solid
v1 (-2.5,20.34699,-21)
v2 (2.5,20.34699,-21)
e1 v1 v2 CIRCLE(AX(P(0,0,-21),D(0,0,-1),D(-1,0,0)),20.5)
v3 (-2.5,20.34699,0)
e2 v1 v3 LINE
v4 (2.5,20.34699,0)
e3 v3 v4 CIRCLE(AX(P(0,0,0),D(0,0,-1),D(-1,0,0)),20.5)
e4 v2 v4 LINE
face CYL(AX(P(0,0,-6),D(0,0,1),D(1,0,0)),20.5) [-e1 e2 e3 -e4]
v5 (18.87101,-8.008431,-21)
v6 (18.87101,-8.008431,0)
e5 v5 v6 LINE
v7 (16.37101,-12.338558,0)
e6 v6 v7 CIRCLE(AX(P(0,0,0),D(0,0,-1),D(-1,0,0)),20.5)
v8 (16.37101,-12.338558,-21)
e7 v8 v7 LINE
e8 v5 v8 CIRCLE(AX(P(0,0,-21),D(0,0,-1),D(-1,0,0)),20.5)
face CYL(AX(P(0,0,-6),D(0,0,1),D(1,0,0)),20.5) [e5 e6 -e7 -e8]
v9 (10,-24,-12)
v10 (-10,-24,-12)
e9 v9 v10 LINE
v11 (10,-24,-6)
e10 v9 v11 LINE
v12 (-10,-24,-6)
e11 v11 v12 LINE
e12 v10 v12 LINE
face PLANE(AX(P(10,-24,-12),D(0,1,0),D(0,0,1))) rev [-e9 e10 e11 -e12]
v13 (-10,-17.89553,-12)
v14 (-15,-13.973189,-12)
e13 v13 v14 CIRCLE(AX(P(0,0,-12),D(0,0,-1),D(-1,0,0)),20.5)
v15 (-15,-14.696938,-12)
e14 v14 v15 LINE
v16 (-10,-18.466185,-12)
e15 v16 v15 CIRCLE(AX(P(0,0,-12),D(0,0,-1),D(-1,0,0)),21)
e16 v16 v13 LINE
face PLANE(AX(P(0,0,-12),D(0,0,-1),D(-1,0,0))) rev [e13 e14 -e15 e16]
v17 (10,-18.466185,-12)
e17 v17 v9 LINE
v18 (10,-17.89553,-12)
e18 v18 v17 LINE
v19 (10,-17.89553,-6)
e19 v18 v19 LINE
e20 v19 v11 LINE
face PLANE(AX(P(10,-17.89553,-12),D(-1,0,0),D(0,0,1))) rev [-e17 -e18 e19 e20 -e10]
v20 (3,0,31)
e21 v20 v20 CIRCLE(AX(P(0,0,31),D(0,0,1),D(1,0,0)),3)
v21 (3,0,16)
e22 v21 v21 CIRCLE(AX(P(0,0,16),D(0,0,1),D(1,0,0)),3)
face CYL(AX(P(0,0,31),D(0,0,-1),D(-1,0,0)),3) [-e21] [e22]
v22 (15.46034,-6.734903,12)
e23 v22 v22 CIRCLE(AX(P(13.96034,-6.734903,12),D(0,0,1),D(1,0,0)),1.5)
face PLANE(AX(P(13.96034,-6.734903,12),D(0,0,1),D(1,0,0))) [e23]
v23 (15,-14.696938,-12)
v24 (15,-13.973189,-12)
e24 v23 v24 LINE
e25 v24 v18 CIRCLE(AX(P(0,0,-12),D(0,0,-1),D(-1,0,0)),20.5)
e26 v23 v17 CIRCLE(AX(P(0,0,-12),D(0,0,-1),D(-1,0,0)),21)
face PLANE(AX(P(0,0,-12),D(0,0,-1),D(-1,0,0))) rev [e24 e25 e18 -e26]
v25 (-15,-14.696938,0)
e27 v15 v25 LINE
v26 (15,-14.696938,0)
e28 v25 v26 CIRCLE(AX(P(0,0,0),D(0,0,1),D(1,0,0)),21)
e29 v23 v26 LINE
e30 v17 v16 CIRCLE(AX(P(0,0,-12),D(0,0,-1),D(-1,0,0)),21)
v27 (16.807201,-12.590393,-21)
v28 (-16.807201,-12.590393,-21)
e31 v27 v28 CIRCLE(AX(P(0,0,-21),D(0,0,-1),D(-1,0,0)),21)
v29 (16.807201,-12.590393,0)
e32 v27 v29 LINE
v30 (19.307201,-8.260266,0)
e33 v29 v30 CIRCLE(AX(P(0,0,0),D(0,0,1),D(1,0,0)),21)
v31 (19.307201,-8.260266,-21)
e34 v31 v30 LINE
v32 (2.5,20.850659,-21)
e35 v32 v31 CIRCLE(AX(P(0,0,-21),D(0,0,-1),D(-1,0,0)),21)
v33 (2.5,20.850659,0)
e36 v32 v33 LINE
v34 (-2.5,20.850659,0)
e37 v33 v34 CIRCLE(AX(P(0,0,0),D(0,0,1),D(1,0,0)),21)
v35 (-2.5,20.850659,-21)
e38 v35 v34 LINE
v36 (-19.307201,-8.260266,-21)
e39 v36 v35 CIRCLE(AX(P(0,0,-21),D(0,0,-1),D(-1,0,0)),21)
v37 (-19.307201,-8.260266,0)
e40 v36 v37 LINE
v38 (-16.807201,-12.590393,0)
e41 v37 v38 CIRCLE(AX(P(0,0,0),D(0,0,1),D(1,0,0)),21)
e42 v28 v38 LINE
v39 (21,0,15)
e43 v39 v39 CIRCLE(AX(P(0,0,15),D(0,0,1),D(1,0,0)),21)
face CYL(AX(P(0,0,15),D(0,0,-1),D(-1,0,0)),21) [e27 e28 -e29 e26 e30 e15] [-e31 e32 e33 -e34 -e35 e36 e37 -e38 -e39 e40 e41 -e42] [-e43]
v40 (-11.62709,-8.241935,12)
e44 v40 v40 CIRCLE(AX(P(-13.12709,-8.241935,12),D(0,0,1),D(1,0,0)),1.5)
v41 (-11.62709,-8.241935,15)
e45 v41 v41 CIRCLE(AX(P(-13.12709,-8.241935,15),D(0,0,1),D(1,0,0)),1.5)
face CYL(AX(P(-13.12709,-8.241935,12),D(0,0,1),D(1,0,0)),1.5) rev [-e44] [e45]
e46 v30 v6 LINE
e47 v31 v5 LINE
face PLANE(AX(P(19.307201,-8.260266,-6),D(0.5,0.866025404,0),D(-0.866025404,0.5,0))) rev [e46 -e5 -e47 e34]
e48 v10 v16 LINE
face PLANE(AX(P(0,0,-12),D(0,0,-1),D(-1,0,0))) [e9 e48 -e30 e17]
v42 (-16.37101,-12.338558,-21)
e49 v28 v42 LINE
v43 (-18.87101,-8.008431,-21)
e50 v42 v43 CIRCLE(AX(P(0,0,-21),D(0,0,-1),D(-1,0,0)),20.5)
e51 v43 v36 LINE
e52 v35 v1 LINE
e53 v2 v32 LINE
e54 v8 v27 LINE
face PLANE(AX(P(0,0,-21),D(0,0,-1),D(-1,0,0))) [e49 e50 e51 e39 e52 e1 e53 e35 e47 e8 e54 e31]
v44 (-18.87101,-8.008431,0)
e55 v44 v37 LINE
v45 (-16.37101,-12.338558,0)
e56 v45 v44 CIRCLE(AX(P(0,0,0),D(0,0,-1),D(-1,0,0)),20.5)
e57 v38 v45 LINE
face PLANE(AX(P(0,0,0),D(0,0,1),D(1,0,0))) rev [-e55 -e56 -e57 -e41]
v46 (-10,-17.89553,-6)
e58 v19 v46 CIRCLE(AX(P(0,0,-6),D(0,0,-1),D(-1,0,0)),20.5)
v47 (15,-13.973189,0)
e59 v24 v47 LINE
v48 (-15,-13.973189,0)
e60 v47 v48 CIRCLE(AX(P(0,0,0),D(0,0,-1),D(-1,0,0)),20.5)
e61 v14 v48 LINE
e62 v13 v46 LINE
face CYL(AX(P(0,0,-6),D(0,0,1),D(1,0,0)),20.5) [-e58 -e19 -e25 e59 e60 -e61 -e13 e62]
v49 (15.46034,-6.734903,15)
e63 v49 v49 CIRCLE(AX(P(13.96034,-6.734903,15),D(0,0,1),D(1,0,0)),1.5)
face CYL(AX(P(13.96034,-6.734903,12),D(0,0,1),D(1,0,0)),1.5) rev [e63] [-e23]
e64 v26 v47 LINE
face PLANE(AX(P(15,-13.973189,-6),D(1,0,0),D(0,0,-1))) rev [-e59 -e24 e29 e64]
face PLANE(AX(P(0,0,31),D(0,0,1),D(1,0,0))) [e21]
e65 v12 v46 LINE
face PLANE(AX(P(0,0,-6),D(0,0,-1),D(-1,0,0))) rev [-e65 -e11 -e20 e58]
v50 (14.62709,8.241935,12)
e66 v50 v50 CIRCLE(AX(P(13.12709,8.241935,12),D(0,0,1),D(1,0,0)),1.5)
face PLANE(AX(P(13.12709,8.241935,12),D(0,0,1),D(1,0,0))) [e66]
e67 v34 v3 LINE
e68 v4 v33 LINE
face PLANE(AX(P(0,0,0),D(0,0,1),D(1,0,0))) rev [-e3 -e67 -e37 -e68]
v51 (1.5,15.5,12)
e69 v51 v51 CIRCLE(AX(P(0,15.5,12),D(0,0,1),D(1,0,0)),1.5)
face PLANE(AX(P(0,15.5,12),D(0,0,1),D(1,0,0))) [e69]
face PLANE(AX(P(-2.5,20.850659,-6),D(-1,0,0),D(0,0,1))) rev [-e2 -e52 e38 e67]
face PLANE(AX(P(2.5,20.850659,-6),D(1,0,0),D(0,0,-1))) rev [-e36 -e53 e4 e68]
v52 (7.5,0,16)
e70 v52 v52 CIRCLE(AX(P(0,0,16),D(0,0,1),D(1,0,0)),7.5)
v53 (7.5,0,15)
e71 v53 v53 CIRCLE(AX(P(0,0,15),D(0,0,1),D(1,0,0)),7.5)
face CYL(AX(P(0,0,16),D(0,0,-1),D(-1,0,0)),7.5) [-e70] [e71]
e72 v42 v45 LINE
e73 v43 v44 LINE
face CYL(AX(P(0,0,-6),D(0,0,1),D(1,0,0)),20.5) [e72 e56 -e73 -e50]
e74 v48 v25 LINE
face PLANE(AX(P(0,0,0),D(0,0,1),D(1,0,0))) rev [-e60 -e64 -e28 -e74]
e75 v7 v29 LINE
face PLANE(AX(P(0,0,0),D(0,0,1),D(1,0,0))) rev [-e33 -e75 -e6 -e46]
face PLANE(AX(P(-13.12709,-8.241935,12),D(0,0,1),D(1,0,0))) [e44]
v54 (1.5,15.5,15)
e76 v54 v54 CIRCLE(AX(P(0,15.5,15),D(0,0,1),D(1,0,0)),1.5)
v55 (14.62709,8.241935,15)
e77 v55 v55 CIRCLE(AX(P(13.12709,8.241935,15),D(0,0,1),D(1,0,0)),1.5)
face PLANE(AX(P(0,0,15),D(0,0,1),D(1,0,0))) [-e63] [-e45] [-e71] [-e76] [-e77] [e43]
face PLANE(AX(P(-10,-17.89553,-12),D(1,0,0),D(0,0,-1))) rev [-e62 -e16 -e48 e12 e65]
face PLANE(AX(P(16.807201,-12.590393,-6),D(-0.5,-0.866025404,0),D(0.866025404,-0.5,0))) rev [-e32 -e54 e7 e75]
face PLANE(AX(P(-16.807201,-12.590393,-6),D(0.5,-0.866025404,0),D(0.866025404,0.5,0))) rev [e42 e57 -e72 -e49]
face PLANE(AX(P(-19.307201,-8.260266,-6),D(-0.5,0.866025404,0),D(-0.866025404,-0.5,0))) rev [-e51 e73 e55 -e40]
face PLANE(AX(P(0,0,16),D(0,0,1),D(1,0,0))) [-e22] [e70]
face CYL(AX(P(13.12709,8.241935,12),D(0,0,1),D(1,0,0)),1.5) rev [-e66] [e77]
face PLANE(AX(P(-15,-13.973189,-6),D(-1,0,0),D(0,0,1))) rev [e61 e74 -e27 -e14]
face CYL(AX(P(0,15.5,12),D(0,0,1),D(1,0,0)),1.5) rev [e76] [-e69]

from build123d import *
from build123d.topology import SkipClean

# Parameters (mm, degrees)
SKETCH_1_R          = 21
EXTRUDE_1_DEPTH     = 15
EXTRUDE_START       = 6
EXTRUDE_2_DEPTH     = 6
EXTRUDE_3_DEPTH     = 6
EXTRUDE_START_2     = 9
EXTRUDE_4_DEPTH     = 9
SKETCH_6_R          = 7.5
EXTRUDE_5_DEPTH     = 1
SKETCH_7_R          = 3
EXTRUDE_6_DEPTH     = 15
SKETCH_8_R          = 1.5
CUT_EXTRUDE_1_DEPTH = 3


with BuildPart() as part:
    # 草图1 → 凸台-拉伸1 (new body)
    with BuildSketch(Plane.XY):
        Circle(SKETCH_1_R)
    extrude(amount=EXTRUDE_1_DEPTH)

    # 草图2 → 凸台-拉伸2 (add)
    with SkipClean():  # the faces are left unmerged after this step: merging them gives an invalid solid
        with BuildSketch(Plane(origin=(0, 0, 0), x_dir=(-1, 0, 0), z_dir=(0, 0, -1)).offset(EXTRUDE_START)):
            with BuildLine():
                Line((2.5, 20.850659462), (2.5, 20.346989949))
                ThreePointArc((2.5, 20.346989949), (0, 20.5), (-2.5, 20.346989949))
                Line((-2.5, 20.346989949), (-2.5, 20.850659462))
                ThreePointArc((-2.5, 20.850659462), (-18.186533479, 10.5), (-19.30720078, -8.260266222))
                Line((-19.30720078, -8.260266222), (-18.871010187, -8.008431465))
                ThreePointArc((-18.871010187, -8.008431465), (-17.753520778, -10.25), (-16.371010187, -12.338558484))
                Line((-16.371010187, -12.338558484), (-16.80720078, -12.59039324))
                ThreePointArc((-16.80720078, -12.59039324), (-15.938440593, -13.673555187), (-15, -14.696938457))
                Line((-15, -14.696938457), (-15, -13.973188612))
                ThreePointArc((-15, -13.973188612), (0, -20.5), (15, -13.973188612))
                Line((15, -13.973188612), (15, -14.696938457))
                ThreePointArc((15, -14.696938457), (15.938440593, -13.673555187), (16.80720078, -12.59039324))
                Line((16.80720078, -12.59039324), (16.371010187, -12.338558484))
                ThreePointArc((16.371010187, -12.338558484), (17.753520778, -10.25), (18.871010187, -8.008431465))
                Line((18.871010187, -8.008431465), (19.30720078, -8.260266222))
                ThreePointArc((19.30720078, -8.260266222), (18.186533479, 10.5), (2.5, 20.850659462))
            make_face()
        extrude(amount=-EXTRUDE_2_DEPTH)

    # 草图4 → 凸台-拉伸3 (add)
    with SkipClean():  # the faces are left unmerged after this step: merging them gives an invalid solid
        with BuildSketch(Plane(origin=(0, 0, -6), x_dir=(-1, 0, 0), z_dir=(0, 0, -1)).offset(EXTRUDE_START)):
            with BuildLine():
                Line((10, -17.895530168), (10, -24))
                Line((10, -24), (-10, -24))
                Line((-10, -24), (-10, -17.895530168))
                ThreePointArc((-10, -17.895530168), (-12.652912345, -16.129284212), (-15, -13.973188612))
                Line((-15, -13.973188612), (-15, -14.696938457))
                ThreePointArc((-15, -14.696938457), (-15.938440593, -13.673555187), (-16.80720078, -12.59039324))
                Line((-16.80720078, -12.59039324), (-16.371010187, -12.338558484))
                ThreePointArc((-16.371010187, -12.338558484), (-17.753520778, -10.25), (-18.871010187, -8.008431465))
                Line((-18.871010187, -8.008431465), (-19.30720078, -8.260266222))
                ThreePointArc((-19.30720078, -8.260266222), (-18.186533479, 10.5), (-2.5, 20.850659462))
                Line((-2.5, 20.850659462), (-2.5, 20.346989949))
                ThreePointArc((-2.5, 20.346989949), (0, 20.5), (2.5, 20.346989949))
                Line((2.5, 20.346989949), (2.5, 20.850659462))
                ThreePointArc((2.5, 20.850659462), (18.186533479, 10.5), (19.30720078, -8.260266222))
                Line((19.30720078, -8.260266222), (18.871010187, -8.008431465))
                ThreePointArc((18.871010187, -8.008431465), (17.753520778, -10.25), (16.371010187, -12.338558484))
                Line((16.371010187, -12.338558484), (16.80720078, -12.59039324))
                ThreePointArc((16.80720078, -12.59039324), (15.938440593, -13.673555187), (15, -14.696938457))
                Line((15, -14.696938457), (15, -13.973188612))
                ThreePointArc((15, -13.973188612), (12.652912345, -16.129284212), (10, -17.895530168))
            make_face()
        extrude(amount=-EXTRUDE_3_DEPTH)

    # 草图5 → 凸台-拉伸4 (add)
    with SkipClean():  # the faces are left unmerged after this step: merging them gives an invalid solid
        with BuildSketch(Plane(origin=(0, 0, -12), x_dir=(-1, 0, 0), z_dir=(0, 0, -1)).offset(EXTRUDE_START_2)):
            with BuildLine():
                Line((18.871010187, -8.008431465), (19.30720078, -8.260266222))
                ThreePointArc((19.30720078, -8.260266222), (18.186533479, 10.5), (2.5, 20.850659462))
                Line((2.5, 20.850659462), (2.5, 20.346989949))
                ThreePointArc((2.5, 20.346989949), (0, 20.5), (-2.5, 20.346989949))
                Line((-2.5, 20.346989949), (-2.5, 20.850659462))
                ThreePointArc((-2.5, 20.850659462), (-18.186533479, 10.5), (-19.30720078, -8.260266222))
                Line((-19.30720078, -8.260266222), (-18.871010187, -8.008431465))
                ThreePointArc((-18.871010187, -8.008431465), (-17.753520778, -10.25), (-16.371010187, -12.338558484))
                Line((-16.371010187, -12.338558484), (-16.80720078, -12.59039324))
                ThreePointArc((-16.80720078, -12.59039324), (-15.938440593, -13.673555187), (-15, -14.696938457))
                ThreePointArc((-15, -14.696938457), (0, -21), (15, -14.696938457))
                ThreePointArc((15, -14.696938457), (15.938440593, -13.673555187), (16.80720078, -12.59039324))
                Line((16.80720078, -12.59039324), (16.371010187, -12.338558484))
                ThreePointArc((16.371010187, -12.338558484), (17.753520778, -10.25), (18.871010187, -8.008431465))
            make_face()
        extrude(amount=-EXTRUDE_4_DEPTH)

    # 草图6 → 凸台-拉伸5 (add)
    with SkipClean():  # the faces are left unmerged after this step: merging them gives an invalid solid
        with BuildSketch(Plane.XY.offset(15)):
            Circle(SKETCH_6_R)
        extrude(amount=EXTRUDE_5_DEPTH)

    # 草图7 → 凸台-拉伸6 (add)
    with SkipClean():  # the faces are left unmerged after this step: merging them gives an invalid solid
        with BuildSketch(Plane.XY.offset(16)):
            Circle(SKETCH_7_R)
        extrude(amount=EXTRUDE_6_DEPTH)

    # 草图8 → 切除-拉伸1 (cut)
    with SkipClean():  # the faces are left unmerged after this step: merging them gives an invalid solid
        with BuildSketch(Plane.XY.offset(15)):
            with Locations((0, 15.5)):
                Circle(SKETCH_8_R)
            with Locations((13.12709029, 8.241935484)):
                Circle(SKETCH_8_R)
            with Locations((13.960339517, -6.734903159)):
                Circle(SKETCH_8_R)
            with Locations((-13.12709029, -8.241935484)):
                Circle(SKETCH_8_R)
        extrude(amount=-CUT_EXTRUDE_1_DEPTH, mode=Mode.SUBTRACT)


solid = part.part
